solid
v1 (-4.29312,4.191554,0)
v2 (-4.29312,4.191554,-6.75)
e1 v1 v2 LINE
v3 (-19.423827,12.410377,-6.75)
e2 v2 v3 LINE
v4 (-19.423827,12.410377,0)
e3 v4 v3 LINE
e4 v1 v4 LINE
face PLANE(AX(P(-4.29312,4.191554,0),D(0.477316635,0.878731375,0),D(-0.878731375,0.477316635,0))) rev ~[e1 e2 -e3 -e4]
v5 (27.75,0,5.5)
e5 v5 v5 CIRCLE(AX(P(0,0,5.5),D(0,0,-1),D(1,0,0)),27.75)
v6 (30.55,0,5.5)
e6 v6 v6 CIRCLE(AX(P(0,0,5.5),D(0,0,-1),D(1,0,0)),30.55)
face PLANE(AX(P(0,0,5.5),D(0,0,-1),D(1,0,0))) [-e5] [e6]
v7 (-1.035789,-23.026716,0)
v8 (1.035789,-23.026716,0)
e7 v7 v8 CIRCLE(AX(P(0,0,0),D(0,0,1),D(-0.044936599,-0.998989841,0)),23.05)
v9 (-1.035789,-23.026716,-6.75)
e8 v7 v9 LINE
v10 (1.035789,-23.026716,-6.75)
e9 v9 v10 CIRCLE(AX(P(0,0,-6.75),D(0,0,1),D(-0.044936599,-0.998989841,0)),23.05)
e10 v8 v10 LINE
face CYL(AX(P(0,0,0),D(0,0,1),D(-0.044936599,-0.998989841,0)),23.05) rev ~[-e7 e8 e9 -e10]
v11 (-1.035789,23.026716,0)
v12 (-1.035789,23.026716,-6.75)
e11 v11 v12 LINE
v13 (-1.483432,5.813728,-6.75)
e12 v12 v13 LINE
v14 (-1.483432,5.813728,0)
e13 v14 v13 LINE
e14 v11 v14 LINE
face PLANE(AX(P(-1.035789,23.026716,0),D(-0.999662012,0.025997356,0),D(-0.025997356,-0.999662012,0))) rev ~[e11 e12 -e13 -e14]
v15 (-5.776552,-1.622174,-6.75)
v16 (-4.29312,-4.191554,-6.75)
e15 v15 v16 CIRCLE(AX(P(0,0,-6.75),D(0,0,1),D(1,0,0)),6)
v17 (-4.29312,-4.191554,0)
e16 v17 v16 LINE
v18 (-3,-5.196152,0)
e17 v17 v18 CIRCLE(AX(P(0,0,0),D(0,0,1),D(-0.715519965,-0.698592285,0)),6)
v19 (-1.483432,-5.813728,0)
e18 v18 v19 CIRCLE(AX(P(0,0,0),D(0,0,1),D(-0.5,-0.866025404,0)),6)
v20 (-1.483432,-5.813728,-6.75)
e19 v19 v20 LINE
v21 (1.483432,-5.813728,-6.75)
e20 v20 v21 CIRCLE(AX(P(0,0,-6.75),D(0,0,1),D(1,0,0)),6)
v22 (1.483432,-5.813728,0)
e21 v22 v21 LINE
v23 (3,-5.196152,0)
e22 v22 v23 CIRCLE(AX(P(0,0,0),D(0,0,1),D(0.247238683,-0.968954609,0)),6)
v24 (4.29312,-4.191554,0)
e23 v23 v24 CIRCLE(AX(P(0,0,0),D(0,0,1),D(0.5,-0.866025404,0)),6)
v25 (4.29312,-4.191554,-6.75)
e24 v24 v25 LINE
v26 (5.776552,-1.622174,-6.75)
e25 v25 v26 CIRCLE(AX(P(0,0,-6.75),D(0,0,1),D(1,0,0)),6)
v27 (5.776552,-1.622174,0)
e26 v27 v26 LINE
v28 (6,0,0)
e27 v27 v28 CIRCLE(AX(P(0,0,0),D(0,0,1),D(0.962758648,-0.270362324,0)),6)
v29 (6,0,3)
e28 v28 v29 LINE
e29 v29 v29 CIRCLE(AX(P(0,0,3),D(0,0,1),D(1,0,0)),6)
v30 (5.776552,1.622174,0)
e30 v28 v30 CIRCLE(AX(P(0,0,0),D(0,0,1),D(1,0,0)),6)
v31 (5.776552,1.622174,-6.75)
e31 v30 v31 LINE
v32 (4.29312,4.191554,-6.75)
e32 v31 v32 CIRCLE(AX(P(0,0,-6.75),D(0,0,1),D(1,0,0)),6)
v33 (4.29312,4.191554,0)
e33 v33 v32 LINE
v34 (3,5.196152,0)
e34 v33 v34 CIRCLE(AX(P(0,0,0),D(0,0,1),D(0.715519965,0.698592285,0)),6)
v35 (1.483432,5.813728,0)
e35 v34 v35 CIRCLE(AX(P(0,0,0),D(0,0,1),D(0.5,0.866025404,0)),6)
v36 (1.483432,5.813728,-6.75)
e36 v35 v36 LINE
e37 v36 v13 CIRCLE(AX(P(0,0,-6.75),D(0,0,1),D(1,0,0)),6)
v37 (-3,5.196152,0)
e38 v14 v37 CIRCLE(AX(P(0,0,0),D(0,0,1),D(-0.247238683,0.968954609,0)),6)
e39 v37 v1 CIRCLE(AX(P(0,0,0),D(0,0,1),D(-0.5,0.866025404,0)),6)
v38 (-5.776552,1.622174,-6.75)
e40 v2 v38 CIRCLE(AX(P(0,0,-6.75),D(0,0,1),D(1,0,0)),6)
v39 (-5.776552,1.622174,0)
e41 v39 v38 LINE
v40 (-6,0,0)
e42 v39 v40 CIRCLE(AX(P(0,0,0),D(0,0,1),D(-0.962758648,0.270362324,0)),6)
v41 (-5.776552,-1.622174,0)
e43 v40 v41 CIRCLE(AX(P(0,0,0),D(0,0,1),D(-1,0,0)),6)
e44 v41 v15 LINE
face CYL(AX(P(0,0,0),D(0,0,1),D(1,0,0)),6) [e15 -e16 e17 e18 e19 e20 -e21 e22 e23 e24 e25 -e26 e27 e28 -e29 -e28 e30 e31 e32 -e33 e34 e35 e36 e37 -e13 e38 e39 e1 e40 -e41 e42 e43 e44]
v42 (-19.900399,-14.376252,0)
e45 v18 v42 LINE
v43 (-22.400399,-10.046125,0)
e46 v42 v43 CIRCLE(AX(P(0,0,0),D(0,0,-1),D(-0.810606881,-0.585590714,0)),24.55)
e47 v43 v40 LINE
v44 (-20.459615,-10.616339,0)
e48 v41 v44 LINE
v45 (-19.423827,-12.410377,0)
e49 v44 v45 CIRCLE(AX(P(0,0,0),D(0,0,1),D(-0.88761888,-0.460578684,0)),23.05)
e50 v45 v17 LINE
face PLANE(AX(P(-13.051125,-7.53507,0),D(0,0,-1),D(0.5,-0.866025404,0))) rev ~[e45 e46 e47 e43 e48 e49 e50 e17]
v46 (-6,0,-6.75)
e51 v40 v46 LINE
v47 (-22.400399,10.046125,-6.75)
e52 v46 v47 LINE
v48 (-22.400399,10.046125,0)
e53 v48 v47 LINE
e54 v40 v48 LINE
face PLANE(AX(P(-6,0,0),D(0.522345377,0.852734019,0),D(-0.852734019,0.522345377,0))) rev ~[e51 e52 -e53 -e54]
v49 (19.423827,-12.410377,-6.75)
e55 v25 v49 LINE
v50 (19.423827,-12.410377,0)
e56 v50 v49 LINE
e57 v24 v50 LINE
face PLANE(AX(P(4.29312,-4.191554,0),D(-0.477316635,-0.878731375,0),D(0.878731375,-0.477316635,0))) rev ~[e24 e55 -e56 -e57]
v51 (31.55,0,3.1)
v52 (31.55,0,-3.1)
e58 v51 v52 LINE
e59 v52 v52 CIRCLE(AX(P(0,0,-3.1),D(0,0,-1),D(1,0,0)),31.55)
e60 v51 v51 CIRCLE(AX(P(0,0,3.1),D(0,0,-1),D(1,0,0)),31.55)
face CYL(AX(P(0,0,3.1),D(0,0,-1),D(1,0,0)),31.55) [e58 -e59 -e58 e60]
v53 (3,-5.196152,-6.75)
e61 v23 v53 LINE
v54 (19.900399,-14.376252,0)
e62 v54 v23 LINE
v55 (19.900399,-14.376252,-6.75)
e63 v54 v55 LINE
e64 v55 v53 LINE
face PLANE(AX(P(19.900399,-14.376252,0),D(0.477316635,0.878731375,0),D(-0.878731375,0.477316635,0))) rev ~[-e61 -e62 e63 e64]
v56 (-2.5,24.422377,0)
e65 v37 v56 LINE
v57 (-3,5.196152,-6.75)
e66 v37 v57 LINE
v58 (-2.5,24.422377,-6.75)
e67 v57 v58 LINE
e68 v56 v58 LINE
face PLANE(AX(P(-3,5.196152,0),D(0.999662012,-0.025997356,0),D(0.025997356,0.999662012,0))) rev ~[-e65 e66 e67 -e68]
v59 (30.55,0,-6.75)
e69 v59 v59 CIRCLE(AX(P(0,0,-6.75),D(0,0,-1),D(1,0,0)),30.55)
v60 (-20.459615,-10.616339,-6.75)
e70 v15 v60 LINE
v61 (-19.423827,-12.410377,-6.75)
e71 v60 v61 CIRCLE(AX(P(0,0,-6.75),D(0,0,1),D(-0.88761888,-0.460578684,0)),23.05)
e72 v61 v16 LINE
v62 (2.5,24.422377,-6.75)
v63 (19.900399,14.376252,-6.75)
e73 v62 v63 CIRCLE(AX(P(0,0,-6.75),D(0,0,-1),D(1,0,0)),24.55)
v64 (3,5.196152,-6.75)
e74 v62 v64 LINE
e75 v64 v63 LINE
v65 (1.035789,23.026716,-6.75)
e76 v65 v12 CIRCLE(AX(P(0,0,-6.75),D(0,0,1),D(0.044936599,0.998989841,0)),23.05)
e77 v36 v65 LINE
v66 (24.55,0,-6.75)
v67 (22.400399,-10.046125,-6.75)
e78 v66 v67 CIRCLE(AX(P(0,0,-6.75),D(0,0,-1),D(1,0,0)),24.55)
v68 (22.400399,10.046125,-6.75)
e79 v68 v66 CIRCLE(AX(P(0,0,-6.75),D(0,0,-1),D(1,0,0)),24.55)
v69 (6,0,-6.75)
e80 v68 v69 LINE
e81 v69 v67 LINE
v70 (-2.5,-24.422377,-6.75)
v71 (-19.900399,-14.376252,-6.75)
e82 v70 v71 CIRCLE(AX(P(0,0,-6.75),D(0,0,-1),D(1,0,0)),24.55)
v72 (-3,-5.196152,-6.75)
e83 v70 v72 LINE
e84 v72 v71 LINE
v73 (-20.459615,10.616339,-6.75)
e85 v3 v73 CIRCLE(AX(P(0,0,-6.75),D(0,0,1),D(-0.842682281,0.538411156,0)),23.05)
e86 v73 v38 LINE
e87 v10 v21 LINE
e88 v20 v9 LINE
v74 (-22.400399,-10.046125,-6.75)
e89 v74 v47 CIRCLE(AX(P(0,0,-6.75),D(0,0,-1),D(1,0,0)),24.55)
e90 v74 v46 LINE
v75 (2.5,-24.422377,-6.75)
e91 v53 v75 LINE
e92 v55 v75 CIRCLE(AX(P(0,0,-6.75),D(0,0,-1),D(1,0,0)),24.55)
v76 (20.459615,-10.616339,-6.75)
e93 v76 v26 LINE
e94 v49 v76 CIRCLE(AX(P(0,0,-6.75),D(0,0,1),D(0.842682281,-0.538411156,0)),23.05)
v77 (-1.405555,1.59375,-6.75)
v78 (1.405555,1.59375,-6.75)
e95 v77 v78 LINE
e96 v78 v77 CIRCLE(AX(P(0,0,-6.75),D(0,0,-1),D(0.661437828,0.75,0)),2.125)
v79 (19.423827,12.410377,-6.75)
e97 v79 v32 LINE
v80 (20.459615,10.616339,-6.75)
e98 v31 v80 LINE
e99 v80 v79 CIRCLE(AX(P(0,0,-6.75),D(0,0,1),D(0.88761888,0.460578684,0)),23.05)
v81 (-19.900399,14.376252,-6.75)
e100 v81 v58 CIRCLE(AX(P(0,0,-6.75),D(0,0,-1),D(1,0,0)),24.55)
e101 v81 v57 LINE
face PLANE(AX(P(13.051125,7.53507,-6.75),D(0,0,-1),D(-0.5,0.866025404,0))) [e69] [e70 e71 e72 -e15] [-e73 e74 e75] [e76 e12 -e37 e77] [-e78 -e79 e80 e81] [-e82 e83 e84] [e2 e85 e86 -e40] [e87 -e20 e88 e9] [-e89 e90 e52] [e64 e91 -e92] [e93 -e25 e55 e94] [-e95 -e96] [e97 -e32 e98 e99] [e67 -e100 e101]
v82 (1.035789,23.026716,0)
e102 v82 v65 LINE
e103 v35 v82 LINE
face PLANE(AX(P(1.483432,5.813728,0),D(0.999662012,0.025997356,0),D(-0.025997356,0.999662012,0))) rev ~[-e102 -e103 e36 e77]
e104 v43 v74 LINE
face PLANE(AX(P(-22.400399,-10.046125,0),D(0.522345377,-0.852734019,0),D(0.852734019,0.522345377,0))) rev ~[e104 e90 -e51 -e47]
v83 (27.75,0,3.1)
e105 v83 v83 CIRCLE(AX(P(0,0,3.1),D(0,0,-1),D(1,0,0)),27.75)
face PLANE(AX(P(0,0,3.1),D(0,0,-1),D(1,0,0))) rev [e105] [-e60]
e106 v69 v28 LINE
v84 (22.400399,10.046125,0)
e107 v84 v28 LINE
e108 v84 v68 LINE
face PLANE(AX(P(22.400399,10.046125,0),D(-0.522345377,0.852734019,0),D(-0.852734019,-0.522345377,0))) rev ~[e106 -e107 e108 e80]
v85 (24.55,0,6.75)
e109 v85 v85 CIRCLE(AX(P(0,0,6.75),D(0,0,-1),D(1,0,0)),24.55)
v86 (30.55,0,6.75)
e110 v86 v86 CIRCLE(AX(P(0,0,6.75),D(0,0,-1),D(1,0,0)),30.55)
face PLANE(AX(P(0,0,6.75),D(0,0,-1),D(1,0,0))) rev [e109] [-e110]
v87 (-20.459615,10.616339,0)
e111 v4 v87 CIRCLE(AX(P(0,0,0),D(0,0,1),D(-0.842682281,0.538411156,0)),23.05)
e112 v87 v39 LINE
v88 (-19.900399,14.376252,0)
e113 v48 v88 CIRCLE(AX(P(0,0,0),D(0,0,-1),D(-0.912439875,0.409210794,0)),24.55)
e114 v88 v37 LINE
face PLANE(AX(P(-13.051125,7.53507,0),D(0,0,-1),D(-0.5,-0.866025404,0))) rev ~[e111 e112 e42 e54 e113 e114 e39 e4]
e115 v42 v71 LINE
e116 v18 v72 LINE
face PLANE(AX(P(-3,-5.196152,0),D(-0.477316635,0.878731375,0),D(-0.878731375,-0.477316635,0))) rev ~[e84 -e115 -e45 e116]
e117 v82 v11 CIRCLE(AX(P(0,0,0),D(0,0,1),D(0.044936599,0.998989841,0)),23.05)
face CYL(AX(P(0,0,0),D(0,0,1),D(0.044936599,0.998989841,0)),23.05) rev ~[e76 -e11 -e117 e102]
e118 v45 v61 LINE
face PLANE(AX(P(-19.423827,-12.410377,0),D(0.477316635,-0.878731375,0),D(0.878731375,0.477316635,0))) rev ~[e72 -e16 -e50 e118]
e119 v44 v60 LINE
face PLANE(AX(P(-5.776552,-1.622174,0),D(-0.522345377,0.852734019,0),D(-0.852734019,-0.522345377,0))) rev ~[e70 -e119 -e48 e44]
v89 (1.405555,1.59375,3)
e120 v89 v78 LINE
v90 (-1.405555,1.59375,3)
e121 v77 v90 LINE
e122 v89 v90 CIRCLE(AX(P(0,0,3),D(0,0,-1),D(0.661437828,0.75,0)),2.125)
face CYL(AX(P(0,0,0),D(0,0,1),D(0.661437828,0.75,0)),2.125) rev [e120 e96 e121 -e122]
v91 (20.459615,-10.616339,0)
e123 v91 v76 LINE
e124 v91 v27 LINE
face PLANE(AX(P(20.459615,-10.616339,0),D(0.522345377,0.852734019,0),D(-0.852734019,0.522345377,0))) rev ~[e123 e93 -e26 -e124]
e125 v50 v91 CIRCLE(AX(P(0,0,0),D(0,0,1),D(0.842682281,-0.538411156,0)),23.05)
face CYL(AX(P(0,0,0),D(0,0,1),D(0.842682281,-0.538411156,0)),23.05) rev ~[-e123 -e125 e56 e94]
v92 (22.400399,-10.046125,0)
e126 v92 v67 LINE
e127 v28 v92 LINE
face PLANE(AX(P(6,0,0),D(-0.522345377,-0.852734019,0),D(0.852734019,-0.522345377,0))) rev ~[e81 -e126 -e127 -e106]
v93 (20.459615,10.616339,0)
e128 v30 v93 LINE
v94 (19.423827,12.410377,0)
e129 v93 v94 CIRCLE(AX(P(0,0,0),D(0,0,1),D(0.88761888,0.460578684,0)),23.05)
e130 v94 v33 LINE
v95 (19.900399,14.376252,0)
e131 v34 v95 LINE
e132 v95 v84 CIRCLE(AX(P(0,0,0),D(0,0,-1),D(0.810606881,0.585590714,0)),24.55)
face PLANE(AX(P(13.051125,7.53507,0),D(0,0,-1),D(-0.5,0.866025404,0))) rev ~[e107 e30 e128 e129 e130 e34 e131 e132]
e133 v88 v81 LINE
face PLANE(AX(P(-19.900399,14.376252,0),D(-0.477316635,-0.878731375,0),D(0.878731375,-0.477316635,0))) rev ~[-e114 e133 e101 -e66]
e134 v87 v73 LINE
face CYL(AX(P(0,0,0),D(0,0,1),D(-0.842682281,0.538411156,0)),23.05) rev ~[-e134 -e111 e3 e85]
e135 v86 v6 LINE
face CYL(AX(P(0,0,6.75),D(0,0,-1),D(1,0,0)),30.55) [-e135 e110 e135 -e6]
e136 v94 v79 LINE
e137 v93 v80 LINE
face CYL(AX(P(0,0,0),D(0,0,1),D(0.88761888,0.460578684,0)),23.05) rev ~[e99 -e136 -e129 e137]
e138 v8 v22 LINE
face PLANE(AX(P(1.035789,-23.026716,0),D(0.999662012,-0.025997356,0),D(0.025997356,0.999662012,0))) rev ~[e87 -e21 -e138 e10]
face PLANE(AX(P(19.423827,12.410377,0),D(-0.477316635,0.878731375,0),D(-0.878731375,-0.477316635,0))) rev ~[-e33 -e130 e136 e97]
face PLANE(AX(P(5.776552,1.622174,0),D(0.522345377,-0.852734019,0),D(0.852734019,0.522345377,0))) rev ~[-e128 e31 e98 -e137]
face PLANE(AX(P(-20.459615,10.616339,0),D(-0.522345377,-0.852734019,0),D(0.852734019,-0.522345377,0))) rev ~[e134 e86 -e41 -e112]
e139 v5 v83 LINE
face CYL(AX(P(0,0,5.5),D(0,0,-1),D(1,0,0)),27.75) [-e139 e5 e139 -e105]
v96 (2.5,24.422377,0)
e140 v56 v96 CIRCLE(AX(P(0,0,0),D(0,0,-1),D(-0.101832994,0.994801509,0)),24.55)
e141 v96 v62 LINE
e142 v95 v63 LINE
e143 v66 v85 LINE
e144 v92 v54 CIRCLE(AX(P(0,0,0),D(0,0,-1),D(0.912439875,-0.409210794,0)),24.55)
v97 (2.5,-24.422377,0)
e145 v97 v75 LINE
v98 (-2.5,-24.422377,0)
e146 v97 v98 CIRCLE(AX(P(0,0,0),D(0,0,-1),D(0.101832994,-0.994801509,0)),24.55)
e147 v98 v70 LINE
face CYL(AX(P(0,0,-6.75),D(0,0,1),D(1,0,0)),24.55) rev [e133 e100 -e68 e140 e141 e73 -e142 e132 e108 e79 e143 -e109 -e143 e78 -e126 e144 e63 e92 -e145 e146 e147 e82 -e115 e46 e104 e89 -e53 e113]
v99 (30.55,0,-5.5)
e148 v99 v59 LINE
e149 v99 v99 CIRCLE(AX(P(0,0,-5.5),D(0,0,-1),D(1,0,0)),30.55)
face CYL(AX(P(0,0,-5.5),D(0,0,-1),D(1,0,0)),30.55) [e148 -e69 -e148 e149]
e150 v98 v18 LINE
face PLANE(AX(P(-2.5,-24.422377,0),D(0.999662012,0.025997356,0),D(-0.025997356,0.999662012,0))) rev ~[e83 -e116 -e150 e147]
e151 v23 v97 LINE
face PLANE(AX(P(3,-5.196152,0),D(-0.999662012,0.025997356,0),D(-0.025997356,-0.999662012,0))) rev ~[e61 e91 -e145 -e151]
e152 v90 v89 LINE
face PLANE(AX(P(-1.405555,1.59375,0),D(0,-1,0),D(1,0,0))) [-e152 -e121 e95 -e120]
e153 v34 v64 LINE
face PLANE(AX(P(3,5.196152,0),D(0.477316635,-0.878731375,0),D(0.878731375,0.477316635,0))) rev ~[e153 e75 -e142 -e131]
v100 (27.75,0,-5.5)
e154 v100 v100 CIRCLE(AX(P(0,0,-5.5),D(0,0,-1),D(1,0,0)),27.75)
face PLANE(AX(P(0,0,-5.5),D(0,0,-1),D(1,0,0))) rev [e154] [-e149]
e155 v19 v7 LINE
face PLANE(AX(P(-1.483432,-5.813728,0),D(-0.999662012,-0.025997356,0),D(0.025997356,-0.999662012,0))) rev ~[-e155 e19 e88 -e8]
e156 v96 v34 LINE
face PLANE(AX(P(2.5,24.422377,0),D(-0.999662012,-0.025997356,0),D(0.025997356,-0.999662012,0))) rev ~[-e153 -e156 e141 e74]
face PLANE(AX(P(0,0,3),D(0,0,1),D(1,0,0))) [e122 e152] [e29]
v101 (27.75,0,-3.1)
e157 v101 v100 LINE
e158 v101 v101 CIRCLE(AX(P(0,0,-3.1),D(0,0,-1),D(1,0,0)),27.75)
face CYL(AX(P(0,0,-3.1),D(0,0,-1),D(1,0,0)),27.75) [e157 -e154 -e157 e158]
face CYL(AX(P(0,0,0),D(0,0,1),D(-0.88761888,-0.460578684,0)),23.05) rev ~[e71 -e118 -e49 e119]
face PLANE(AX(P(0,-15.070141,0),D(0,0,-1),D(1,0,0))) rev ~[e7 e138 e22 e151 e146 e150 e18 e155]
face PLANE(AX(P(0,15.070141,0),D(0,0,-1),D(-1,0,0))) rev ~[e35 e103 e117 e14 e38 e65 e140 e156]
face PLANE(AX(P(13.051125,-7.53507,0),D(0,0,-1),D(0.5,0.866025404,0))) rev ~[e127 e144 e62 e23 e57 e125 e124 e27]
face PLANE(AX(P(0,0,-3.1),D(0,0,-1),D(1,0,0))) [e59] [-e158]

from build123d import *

# Parameters (mm, degrees)
SKETCH2_R         = 6
HUB_DEPTH         = 3
HUB_DEPTH_BACK    = 6.75
SPOKE_DEPTH       = 6.75
CIRPATTERN2_COUNT = 6


with BuildPart() as part:
    # Sketch1 → RIM (revolve)
    with BuildSketch(Plane(origin=(0, 0, 0), x_dir=(1, 0, 0), z_dir=(0, 1, 0))):
        Polygon((30.55, 6.75), (24.55, 6.75), (24.55, -6.75), (30.55, -6.75), (30.55, -5.5), (27.75, -5.5), (27.75, -3.1), (31.55, -3.1), (31.55, 3.1), (27.75, 3.1), (27.75, 5.5), (30.55, 5.5), align=None)
    revolve(axis=Axis((0, 0, 0), (0, 0, -1)))



with BuildPart() as body_2:
    # Sketch2 → HUB (new body, two sides)
    with BuildSketch(Plane.XY) as hub_sk:
        Circle(SKETCH2_R)
        with BuildLine():
            Line((-1.405555384, 1.59375), (1.405555384, 1.59375))
            ThreePointArc((1.405555384, 1.59375), (0, -2.125), (-1.405555384, 1.59375))
        make_face(mode=Mode.SUBTRACT)
    extrude(amount=HUB_DEPTH)
    extrude(hub_sk.sketch, amount=-HUB_DEPTH_BACK)


with BuildPart() as part_1:
    add(part.part)

    add(body_2.part)  # SPOKE merges body 2
    # Sketch3 → SPOKE (add)
    with BuildSketch(Plane.XY):
        with BuildLine():
            Line((-3, 5.196152423), (-2.5, 24.422377034))
            ThreePointArc((-2.5, 24.422377034), (0, 24.55), (2.5, 24.422377034))
            Line((2.5, 24.422377034), (3, 5.196152423))
            ThreePointArc((3, 5.196152423), (2.262883255, 5.556919954), (1.483432095, 5.813727653))
            Line((1.483432095, 5.813727653), (1.035788615, 23.026715831))
            ThreePointArc((1.035788615, 23.026715831), (0, 23.05), (-1.035788615, 23.026715831))
            Line((-1.035788615, 23.026715831), (-1.483432095, 5.813727653))
            ThreePointArc((-1.483432095, 5.813727653), (-2.262883255, 5.556919954), (-3, 5.196152423))
        make_face()
    spoke = extrude(amount=-SPOKE_DEPTH)

    # CirPattern2: SPOKE ×6 about axis
    cirpattern2_axis = Axis((0, 0, 0), (0, 0, 1))
    for i in range(1, CIRPATTERN2_COUNT):
        add(spoke.rotate(cirpattern2_axis, i * 360 / CIRPATTERN2_COUNT))


solid = part_1.part
